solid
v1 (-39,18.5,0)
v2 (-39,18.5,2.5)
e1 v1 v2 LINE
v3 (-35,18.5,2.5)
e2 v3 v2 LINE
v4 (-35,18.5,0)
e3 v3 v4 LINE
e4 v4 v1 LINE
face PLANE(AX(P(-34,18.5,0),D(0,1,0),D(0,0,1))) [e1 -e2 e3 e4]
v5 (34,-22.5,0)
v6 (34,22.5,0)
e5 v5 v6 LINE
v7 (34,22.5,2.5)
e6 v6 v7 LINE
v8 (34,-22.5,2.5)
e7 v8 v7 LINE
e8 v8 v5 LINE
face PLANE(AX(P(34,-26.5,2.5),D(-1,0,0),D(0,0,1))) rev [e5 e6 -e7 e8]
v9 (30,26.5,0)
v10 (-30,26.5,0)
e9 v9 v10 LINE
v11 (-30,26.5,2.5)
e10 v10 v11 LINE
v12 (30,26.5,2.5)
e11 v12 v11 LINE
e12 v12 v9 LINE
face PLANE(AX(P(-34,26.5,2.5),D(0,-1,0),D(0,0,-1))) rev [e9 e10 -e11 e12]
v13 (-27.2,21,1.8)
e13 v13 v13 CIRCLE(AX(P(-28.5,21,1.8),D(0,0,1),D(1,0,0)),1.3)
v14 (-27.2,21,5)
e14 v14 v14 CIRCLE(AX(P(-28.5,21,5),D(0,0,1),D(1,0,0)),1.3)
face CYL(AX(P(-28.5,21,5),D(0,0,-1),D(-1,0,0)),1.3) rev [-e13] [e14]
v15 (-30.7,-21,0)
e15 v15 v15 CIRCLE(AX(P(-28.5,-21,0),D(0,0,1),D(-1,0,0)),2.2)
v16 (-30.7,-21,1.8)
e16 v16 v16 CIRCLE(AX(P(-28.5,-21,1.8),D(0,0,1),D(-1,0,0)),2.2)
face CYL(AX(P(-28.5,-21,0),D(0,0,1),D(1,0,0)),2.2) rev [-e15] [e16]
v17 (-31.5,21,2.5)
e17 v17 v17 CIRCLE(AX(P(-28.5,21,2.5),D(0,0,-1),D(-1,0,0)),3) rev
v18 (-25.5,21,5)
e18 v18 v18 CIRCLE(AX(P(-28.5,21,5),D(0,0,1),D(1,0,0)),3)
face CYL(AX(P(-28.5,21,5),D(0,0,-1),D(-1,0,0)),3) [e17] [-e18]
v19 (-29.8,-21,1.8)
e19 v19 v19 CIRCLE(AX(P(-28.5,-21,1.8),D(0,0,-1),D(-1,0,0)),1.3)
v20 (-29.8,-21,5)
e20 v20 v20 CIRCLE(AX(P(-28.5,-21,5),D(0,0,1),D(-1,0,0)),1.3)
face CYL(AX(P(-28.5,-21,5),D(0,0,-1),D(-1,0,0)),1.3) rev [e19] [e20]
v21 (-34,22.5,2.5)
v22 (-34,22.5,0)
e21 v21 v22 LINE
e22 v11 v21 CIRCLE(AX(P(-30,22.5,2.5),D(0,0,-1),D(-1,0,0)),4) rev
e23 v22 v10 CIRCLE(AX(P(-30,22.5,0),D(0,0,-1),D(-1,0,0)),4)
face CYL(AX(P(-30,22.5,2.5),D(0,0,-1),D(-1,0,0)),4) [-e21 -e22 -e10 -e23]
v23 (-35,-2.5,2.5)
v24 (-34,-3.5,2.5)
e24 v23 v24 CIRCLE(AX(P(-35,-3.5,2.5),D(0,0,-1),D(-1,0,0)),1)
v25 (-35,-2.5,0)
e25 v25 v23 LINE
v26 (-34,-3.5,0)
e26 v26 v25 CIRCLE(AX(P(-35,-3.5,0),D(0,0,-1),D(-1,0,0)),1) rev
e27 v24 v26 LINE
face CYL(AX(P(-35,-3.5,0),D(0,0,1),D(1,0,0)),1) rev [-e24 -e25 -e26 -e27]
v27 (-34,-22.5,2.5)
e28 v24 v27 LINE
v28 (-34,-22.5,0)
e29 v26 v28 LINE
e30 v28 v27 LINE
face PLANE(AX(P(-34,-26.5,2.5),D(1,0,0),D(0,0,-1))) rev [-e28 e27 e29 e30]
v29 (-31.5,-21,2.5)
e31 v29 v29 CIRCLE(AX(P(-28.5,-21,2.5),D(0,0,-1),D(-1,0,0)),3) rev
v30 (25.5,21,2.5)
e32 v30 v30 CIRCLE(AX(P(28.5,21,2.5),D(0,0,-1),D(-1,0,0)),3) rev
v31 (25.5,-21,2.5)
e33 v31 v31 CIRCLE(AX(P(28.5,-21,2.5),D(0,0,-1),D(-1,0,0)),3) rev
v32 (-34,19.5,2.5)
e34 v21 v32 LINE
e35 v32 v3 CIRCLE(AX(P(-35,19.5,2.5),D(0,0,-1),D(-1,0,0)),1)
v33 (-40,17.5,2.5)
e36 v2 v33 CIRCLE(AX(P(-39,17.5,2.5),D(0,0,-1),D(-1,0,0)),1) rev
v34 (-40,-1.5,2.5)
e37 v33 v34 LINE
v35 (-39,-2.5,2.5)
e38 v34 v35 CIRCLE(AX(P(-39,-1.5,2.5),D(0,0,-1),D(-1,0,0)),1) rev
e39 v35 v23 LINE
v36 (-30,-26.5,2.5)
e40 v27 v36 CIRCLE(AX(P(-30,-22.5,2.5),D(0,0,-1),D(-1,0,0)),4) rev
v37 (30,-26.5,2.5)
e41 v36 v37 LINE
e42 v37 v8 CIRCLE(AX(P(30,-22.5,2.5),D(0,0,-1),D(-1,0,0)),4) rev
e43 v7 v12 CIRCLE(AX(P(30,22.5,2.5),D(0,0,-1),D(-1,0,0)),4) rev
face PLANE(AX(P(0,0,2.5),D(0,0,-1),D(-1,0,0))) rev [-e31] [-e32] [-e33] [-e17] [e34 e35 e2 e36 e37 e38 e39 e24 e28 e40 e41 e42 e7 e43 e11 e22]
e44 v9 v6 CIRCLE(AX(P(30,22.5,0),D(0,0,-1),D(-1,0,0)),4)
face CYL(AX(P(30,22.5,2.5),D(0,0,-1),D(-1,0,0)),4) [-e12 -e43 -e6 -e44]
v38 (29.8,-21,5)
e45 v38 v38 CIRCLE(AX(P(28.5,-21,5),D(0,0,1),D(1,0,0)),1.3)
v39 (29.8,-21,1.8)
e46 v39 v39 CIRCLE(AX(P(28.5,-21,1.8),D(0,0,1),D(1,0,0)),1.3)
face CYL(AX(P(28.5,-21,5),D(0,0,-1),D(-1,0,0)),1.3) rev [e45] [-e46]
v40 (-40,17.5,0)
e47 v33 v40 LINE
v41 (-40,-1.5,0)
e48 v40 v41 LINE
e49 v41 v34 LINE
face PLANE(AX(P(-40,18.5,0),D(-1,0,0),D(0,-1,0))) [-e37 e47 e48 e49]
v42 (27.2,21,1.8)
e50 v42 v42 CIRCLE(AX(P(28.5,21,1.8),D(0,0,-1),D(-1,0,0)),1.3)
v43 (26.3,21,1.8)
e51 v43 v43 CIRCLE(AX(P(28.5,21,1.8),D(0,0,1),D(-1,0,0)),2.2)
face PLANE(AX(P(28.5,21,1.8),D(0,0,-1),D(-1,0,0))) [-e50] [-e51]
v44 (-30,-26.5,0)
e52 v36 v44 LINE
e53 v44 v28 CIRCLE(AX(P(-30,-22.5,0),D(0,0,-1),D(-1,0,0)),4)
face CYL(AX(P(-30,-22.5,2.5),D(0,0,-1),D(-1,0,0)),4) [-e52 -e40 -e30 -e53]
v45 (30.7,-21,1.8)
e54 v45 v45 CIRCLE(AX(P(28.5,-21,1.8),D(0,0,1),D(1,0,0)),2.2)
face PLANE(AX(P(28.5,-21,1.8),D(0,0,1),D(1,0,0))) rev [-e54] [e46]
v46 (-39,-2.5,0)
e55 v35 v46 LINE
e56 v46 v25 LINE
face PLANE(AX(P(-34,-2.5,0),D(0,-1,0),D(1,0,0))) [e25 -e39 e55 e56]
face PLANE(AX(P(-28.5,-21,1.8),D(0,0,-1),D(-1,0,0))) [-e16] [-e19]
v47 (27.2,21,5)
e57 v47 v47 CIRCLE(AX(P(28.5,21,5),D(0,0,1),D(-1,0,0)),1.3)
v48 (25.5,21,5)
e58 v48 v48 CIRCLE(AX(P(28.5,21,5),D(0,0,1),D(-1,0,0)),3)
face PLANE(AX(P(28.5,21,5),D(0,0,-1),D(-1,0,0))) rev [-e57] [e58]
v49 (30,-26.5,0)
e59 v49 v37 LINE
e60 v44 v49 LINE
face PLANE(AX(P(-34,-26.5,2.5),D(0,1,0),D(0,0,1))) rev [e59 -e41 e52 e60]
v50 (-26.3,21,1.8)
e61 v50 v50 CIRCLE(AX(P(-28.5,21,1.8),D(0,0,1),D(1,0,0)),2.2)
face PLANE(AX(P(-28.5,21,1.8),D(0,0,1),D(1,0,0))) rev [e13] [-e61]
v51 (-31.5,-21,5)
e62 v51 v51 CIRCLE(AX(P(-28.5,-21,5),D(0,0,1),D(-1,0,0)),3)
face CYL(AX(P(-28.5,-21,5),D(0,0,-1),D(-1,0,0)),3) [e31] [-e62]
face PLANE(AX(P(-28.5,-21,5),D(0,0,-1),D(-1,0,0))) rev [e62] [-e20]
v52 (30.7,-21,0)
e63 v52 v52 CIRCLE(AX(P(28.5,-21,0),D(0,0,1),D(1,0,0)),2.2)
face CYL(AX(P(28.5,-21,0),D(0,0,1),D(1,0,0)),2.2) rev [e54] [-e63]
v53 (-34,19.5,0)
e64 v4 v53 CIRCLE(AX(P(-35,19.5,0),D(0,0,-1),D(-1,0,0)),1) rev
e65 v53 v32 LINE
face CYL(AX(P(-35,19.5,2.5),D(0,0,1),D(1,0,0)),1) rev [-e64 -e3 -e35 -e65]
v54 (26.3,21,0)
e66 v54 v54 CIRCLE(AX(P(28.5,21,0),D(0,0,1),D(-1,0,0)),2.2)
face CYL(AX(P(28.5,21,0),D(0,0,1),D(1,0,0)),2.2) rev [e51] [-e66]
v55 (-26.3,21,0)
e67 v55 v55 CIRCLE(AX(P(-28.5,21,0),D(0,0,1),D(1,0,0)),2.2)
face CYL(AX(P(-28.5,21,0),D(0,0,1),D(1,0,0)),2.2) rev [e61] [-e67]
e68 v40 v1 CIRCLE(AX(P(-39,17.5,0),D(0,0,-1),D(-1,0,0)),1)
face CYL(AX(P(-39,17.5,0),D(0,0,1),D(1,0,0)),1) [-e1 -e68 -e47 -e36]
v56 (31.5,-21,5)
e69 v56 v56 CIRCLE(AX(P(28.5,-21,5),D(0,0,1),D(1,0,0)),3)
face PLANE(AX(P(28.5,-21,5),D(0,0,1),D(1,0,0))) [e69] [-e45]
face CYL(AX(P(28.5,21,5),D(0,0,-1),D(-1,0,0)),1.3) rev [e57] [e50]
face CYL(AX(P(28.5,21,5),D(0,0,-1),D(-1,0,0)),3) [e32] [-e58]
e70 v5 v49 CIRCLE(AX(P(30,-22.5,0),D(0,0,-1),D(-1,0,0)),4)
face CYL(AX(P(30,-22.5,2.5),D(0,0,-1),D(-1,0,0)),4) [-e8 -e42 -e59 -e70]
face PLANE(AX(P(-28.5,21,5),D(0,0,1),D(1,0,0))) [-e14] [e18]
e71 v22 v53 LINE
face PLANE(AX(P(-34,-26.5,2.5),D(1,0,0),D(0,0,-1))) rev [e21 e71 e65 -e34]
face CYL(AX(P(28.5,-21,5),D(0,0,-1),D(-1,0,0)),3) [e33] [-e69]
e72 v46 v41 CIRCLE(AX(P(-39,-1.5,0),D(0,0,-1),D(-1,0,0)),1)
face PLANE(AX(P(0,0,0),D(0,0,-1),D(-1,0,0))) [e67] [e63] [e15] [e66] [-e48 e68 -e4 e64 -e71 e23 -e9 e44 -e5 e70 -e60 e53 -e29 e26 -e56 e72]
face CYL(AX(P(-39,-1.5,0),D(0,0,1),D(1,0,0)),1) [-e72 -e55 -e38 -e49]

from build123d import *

# Parameters (mm, degrees)
ESBO_O1_W                = 68
ESBO_O1_H                = 53
RESSALTO_EXTRUS_O1_DEPTH = 2.5
ESBO_O2_R                = 3
ESBO_O2_R_2              = 1.3
RESSALTO_EXTRUS_O2_DEPTH = 2.5
FILETE1_R                = 4
CORTE_EXTRUS_O1_START    = -0.7
ESBO_O13_R               = 2.2
CORTE_EXTRUS_O1_DEPTH    = 43.479856415
ESBO_O14_R               = 1.3
CORTE_EXTRUS_O2_DEPTH    = 44.179856415
ESBO_O16_W               = 6
ESBO_O16_H               = 21
RESSALTO_EXTRUS_O4_DEPTH = 2.5
FILETE2_R                = 1


with BuildPart() as part:
    # Esboço1 → Ressalto-extrusão1 (new body)
    with BuildSketch(Plane.XY):
        Rectangle(ESBO_O1_W, ESBO_O1_H)
    extrude(amount=RESSALTO_EXTRUS_O1_DEPTH)

    # Esboço2 → Ressalto-extrusão2 (add)
    # profile 1 of 4: a face of its own
    with BuildSketch(Plane.XY.offset(2.5)):
        with Locations(Location((-28.5, 21, 0), (0, 0, 180))):
            Circle(ESBO_O2_R)
        with Locations((-28.5, 21)):
            Circle(ESBO_O2_R_2, mode=Mode.SUBTRACT)
    # profile 2 of 4: a face of its own
    with BuildSketch(Plane.XY.offset(2.5)):
        with Locations(Location((-28.5, -21, 0), (0, 0, 180))):
            Circle(ESBO_O2_R)
        with Locations(Location((-28.5, -21, 0), (0, 0, 180))):
            Circle(ESBO_O2_R_2, mode=Mode.SUBTRACT)
    # profile 3 of 4: a face of its own
    with BuildSketch(Plane.XY.offset(2.5)):
        with Locations(Location((28.5, -21, 0), (0, 0, 180))):
            Circle(ESBO_O2_R)
        with Locations((28.5, -21)):
            Circle(ESBO_O2_R_2, mode=Mode.SUBTRACT)
    # profile 4 of 4: a face of its own
    with BuildSketch(Plane.XY.offset(2.5)):
        with Locations(Location((28.5, 21, 0), (0, 0, 180))):
            Circle(ESBO_O2_R)
        with Locations(Location((28.5, 21, 0), (0, 0, 180))):
            Circle(ESBO_O2_R_2, mode=Mode.SUBTRACT)
    extrude(amount=RESSALTO_EXTRUS_O2_DEPTH)

    # Filete1
    filete1_edges = [part.edges().sort_by_distance(p)[0] for p in [
        (34, -26.5, 1.25),
        (-34, -26.5, 1.25),
        (-34, 26.5, 1.25),
        (34, 26.5, 1.25),
    ]]
    fillet(filete1_edges, radius=FILETE1_R)

    # Esboço13 → Corte-extrusão1 (cut, through all)
    with BuildSketch(Plane.XY.offset(2.5).offset(CORTE_EXTRUS_O1_START)):
        with Locations((-28.5, 21)):
            Circle(ESBO_O13_R)
        with Locations(Location((-28.5, -21, 0), (0, 0, 180))):
            Circle(ESBO_O13_R)
        with Locations((28.5, -21)):
            Circle(ESBO_O13_R)
        with Locations(Location((28.5, 21, 0), (0, 0, 180))):
            Circle(ESBO_O13_R)
    extrude(amount=-CORTE_EXTRUS_O1_DEPTH, mode=Mode.SUBTRACT)

    # Esboço14 → Corte-extrusão2 (cut, through all)
    with BuildSketch(Plane.XY.offset(2.5)):
        with Locations((-28.5, 21)):
            Circle(ESBO_O14_R)
        with Locations(Location((28.5, 21, 0), (0, 0, 180))):
            Circle(ESBO_O14_R)
        with Locations((28.5, -21)):
            Circle(ESBO_O14_R)
        with Locations(Location((-28.5, -21, 0), (0, 0, 180))):
            Circle(ESBO_O14_R)
    extrude(amount=-CORTE_EXTRUS_O2_DEPTH, mode=Mode.SUBTRACT)

    # Esboço16 → Ressalto-extrusão4 (add, through all)
    with BuildSketch(Plane.XY.offset(2.5)):
        with Locations((-37, 8)):
            Rectangle(ESBO_O16_W, ESBO_O16_H)
    extrude(amount=-RESSALTO_EXTRUS_O4_DEPTH)

    # Filete2
    filete2_edges = [part.edges().sort_by_distance(p)[0] for p in [
        (-34, 18.5, 1.25),
        (-34, -2.5, 1.25),
        (-40, -2.5, 1.25),
        (-40, 18.5, 1.25),
    ]]
    fillet(filete2_edges, radius=FILETE2_R)


solid = part.part
